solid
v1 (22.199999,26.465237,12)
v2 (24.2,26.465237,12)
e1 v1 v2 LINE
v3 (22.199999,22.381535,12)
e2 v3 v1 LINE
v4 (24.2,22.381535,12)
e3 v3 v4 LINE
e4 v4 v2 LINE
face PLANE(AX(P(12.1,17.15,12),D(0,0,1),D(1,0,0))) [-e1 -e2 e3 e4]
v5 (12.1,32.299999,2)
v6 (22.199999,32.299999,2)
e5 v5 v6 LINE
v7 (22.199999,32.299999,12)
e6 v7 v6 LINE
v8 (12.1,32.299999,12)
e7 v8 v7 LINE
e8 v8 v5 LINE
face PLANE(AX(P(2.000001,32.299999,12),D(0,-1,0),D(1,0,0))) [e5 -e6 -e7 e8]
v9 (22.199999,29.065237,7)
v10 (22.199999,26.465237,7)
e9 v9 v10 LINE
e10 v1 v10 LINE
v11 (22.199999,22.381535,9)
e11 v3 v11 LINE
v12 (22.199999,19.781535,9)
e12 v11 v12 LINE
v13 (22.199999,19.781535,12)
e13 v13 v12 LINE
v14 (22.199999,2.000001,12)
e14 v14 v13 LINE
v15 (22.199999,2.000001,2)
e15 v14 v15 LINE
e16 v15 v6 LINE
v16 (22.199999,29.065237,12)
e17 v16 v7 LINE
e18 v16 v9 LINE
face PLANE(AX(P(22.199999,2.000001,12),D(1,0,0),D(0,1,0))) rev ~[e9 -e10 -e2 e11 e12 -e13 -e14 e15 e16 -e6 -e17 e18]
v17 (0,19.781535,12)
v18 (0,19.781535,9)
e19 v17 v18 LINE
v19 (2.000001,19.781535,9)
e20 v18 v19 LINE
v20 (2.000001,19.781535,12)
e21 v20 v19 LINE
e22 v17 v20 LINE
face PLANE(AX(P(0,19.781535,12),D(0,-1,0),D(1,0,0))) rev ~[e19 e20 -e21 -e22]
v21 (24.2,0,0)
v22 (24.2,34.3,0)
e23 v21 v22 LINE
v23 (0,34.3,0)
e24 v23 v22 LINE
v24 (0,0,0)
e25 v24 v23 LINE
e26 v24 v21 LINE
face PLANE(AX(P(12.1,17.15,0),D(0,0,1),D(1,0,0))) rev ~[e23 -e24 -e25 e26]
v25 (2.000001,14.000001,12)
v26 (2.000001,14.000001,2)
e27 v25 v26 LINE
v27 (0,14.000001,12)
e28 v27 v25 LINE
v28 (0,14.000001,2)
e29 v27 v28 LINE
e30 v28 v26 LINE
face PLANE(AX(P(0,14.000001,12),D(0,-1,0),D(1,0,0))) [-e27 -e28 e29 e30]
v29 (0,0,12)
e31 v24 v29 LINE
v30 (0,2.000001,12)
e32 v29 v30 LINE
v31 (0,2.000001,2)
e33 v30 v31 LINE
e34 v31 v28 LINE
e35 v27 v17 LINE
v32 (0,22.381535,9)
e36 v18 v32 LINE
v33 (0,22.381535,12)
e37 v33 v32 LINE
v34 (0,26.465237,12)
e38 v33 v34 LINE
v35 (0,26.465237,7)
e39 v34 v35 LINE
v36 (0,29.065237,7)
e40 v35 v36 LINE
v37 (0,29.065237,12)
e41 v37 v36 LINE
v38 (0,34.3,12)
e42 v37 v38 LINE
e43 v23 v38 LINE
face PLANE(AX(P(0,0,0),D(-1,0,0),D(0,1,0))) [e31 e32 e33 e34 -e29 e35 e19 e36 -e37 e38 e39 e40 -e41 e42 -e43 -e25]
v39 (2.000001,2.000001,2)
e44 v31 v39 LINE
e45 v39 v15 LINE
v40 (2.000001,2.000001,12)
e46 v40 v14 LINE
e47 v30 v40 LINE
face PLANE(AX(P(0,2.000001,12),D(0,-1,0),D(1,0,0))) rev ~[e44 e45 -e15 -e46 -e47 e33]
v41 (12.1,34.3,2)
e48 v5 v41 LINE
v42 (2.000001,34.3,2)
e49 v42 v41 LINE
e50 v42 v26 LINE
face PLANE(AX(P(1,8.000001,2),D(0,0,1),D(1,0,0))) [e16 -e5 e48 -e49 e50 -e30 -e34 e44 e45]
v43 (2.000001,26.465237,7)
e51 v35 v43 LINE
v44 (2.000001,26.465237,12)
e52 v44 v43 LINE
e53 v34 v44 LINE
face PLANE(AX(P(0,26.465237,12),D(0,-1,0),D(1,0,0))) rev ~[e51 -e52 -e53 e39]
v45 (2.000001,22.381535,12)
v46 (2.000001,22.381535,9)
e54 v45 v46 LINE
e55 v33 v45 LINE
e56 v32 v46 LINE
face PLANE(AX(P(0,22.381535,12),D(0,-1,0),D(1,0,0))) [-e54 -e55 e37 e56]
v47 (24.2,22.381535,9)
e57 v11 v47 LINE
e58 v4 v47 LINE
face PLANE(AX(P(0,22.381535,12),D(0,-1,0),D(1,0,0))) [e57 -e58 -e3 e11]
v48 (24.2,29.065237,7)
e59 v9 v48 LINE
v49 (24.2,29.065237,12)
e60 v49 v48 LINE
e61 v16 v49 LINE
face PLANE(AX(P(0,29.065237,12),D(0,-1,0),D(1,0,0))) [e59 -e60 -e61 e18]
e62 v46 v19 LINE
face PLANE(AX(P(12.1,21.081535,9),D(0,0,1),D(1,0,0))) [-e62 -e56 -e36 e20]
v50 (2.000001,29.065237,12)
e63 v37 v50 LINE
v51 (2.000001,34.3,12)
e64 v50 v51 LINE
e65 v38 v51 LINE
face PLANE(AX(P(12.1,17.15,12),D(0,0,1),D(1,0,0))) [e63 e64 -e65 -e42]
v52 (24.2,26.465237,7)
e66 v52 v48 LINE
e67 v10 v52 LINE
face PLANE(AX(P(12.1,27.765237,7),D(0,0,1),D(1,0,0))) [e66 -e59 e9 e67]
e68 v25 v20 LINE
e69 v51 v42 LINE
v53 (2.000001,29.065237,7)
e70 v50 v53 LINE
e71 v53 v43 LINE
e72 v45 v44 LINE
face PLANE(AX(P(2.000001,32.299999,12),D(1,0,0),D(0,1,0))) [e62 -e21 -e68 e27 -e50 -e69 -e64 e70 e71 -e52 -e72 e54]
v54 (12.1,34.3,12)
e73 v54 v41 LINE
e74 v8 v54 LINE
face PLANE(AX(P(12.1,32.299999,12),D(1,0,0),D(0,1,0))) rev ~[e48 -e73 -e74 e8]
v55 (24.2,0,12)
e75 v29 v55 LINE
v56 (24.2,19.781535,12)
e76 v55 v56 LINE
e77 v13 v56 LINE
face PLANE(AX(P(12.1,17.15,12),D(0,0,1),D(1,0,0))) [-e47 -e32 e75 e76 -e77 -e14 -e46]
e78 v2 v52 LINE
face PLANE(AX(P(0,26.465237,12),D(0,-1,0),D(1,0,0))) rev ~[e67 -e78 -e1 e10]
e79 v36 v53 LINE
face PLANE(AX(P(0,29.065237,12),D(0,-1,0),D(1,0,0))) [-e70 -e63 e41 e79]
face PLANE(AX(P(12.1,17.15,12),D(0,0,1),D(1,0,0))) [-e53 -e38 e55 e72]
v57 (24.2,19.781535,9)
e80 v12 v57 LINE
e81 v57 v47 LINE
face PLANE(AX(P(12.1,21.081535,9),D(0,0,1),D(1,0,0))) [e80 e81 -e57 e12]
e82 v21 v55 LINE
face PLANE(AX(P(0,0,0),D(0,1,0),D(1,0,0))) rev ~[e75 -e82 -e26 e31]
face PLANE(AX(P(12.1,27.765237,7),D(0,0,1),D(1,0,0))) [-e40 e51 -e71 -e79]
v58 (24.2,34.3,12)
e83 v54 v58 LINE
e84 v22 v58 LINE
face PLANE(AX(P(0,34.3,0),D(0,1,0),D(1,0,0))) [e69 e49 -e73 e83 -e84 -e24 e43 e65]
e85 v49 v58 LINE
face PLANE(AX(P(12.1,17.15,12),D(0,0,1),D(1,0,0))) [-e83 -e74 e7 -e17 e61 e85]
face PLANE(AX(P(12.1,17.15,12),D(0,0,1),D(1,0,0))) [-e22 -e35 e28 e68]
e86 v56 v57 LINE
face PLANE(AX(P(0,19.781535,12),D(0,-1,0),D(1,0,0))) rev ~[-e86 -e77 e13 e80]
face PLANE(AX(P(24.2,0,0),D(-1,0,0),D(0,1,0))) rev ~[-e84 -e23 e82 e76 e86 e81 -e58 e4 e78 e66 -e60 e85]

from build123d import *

# Parameters (mm, degrees)
F0_W      = 24.2
F0_H      = 34.3
F1_DEPTH  = 12
F2_W      = 20.1999982953
F2_H      = 30.2999982953
F3_DEPTH  = 10
F4_W      = 2.0000008523
F4_H      = 12
F5_DEPTH  = 10
F6_W      = 10.0999991477
F6_H      = 2.0000008523
F7_DEPTH  = 10
F8_W      = 24.2
F8_H      = 2.6
F9_DEPTH  = 5
F10_W     = 24.2
F10_H     = 2.6
F11_DEPTH = 3


with BuildPart() as f1:
    # F0 (on Top) → F1 (new body)
    with BuildSketch(Plane.XY):
        with Locations((12.1, 17.15)):
            Rectangle(F0_W, F0_H)
    extrude(amount=F1_DEPTH)

    # F2 (on face) → F3 (cut)
    with BuildSketch(Plane.XY.offset(12)):
        with Locations((12.1, 17.15)):
            Rectangle(F2_W, F2_H)
    extrude(amount=-F3_DEPTH, mode=Mode.SUBTRACT)

    # F4 (on face) → F5 (cut)
    with BuildSketch(Plane.XY.offset(12)):
        with Locations((1.0000004262, 8.0000008523)):
            Rectangle(F4_W, F4_H)
    extrude(amount=-F5_DEPTH, mode=Mode.SUBTRACT)

    # F6 (on face) → F7 (cut)
    with BuildSketch(Plane.XY.offset(12)):
        with Locations((7.0500004262, 33.2999995738)):
            Rectangle(F6_W, F6_H)
    extrude(amount=-F7_DEPTH, mode=Mode.SUBTRACT)

    # F8 (on face) → F9 (cut)
    with BuildSketch(Plane.XY.offset(12)):
        with Locations((12.1, 27.7652371407)):
            Rectangle(F8_W, F8_H)
    extrude(amount=-F9_DEPTH, mode=Mode.SUBTRACT)

    # F10 (on face) → F11 (cut)
    with BuildSketch(Plane.XY.offset(12)):
        with Locations((12.1, 21.0815354913)):
            Rectangle(F10_W, F10_H)
    extrude(amount=-F11_DEPTH, mode=Mode.SUBTRACT)


solid = f1.part
